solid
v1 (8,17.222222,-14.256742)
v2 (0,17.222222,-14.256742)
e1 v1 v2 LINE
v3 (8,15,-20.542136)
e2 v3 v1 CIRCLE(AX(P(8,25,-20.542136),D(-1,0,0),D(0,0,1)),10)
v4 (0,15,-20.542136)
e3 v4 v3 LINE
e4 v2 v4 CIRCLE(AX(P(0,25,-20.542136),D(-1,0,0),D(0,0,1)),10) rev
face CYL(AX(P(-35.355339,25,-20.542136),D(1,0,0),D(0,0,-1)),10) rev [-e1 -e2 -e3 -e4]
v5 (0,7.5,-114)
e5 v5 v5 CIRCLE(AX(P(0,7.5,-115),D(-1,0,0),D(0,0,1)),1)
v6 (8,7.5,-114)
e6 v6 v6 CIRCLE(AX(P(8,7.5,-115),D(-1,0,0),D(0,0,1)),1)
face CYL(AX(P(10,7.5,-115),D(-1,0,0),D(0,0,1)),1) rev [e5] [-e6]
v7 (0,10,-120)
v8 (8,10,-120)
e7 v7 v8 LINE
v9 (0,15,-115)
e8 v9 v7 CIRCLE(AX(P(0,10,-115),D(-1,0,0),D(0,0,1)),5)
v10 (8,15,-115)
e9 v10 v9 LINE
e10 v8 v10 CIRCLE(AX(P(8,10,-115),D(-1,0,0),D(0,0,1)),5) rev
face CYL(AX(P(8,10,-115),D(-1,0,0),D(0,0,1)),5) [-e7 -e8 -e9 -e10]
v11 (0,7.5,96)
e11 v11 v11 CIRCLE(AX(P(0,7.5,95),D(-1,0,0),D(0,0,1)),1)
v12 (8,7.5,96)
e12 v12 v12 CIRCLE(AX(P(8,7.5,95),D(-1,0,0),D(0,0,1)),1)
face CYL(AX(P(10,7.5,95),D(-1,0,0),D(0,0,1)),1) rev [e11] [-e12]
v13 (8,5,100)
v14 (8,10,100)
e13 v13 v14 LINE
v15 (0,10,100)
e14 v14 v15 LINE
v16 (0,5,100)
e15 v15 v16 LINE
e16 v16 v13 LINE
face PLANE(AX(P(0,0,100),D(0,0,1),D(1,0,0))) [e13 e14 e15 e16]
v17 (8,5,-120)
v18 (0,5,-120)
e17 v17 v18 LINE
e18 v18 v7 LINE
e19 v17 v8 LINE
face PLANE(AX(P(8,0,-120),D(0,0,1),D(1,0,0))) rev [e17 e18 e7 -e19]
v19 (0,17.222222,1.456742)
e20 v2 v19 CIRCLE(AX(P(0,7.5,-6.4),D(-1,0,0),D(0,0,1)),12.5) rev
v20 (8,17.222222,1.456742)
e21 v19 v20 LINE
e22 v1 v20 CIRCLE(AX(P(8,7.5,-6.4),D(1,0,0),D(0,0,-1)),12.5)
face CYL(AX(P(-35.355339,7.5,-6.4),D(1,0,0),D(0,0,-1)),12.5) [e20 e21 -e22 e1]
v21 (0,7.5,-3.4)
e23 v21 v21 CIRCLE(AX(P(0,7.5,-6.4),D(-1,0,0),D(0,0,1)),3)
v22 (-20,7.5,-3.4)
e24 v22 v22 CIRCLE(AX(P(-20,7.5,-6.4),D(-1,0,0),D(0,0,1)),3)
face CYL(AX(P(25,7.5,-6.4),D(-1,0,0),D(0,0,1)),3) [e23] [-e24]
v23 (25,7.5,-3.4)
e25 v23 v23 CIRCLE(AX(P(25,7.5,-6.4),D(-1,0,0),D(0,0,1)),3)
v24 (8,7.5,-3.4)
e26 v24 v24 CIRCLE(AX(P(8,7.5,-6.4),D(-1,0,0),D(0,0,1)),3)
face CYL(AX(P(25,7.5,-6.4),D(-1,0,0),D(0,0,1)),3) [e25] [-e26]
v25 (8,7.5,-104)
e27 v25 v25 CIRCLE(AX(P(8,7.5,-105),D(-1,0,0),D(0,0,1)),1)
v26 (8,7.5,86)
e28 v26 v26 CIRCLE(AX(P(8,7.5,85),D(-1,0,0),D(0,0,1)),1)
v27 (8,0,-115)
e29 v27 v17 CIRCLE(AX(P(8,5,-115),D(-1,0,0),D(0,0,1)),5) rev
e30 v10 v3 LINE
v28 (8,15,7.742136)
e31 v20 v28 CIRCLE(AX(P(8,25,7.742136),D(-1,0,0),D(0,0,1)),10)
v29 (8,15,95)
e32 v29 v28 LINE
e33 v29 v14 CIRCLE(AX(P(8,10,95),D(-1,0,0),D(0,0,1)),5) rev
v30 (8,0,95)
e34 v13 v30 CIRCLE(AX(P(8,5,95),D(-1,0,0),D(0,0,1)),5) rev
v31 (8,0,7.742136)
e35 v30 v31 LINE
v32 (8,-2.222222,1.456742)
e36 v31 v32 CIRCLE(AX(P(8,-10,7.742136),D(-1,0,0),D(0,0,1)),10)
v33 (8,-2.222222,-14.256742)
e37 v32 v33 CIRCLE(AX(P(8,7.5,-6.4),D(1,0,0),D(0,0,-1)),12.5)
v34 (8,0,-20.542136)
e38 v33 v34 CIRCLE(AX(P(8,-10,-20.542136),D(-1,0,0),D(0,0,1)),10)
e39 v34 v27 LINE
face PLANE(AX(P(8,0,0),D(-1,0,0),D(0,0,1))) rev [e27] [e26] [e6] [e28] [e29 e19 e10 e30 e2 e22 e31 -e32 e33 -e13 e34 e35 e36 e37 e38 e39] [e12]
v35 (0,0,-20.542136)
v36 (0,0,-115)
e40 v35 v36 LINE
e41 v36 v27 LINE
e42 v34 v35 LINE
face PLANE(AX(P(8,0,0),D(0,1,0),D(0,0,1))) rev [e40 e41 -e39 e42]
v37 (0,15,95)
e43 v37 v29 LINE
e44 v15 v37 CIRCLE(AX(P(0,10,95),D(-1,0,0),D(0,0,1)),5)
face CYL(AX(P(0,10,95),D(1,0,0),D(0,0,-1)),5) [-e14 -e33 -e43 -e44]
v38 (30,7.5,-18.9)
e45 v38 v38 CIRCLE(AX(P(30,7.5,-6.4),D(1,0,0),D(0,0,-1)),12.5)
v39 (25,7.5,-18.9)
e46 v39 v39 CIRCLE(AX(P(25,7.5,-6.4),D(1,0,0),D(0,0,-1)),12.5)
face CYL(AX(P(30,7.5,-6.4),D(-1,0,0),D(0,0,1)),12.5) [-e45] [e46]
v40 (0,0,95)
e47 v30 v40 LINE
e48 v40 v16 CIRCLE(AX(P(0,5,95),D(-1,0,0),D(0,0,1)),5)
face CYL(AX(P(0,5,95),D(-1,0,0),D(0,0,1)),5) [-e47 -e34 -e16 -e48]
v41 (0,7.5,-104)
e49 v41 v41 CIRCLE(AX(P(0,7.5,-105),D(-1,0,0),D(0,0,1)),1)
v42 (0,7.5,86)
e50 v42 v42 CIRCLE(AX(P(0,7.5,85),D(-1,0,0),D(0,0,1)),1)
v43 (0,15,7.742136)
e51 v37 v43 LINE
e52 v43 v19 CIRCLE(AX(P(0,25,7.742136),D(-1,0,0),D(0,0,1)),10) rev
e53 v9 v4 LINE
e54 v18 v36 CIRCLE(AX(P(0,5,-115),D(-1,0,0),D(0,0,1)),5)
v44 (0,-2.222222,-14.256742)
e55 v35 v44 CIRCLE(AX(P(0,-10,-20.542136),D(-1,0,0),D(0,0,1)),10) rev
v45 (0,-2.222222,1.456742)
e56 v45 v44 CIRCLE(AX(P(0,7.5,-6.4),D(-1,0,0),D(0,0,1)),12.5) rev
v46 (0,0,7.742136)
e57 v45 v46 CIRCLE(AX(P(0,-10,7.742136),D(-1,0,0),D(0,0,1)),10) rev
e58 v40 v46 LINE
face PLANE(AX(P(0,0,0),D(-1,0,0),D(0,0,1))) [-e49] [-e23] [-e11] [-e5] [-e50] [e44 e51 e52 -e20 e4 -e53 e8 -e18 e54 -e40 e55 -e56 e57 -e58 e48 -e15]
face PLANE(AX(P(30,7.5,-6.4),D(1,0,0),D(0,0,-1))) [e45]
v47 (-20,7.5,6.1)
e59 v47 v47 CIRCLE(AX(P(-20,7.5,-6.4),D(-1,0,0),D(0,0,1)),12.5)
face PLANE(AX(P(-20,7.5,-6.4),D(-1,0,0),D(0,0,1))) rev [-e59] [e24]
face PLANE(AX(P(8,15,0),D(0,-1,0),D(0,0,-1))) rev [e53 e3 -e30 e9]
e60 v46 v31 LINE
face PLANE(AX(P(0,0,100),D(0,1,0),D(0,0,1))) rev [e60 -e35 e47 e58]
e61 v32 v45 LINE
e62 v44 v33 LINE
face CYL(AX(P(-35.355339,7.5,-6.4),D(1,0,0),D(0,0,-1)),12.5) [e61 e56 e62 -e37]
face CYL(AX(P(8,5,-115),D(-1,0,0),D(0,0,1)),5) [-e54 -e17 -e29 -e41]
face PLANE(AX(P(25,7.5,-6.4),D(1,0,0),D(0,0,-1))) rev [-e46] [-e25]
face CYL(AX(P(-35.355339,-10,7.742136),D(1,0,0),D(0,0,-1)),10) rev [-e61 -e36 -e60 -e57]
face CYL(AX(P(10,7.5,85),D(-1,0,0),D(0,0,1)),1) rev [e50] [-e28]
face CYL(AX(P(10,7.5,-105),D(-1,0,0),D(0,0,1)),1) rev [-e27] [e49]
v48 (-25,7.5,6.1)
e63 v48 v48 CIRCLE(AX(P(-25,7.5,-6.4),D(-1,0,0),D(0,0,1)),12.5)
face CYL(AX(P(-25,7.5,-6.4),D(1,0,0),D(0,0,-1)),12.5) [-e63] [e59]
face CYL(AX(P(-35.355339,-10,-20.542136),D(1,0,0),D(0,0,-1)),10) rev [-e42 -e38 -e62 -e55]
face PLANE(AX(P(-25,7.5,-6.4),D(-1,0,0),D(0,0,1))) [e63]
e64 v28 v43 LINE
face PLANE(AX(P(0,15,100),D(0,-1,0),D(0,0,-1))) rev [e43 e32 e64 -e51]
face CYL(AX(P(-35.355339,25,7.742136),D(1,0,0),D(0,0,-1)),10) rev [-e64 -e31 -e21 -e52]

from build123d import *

# Parameters (mm, degrees)
SKETCH_1_W           = 120
SKETCH_1_H           = 15
EXTRUDE_1_DEPTH      = 8
FILLET_1_R           = 5
SKETCH_6_R           = 12.5
EXTRUDE_2_DEPTH      = 8
SKETCH_9_W           = 8
SKETCH_9_H           = 15
EXTRUDE_3_DEPTH      = 100
FILLET_2_R           = 10
FILLET_4_R           = 5
SKETCH_11_R          = 1
CUT_EXTRUDE_8_DEPTH  = 10
EXTRUDE_5_DEPTH      = 20
EXTRUDE_5_DEPTH_BACK = 25
SKETCH_15_R          = 3
SKETCH_16_R          = 12.5
EXTRUDE_6_DEPTH      = 5
EXTRUDE_START        = 5
SKETCH_17_R          = 12.5
EXTRUDE_7_DEPTH      = 5


with BuildPart() as part:
    # 草图1 → 凸台-拉伸1 (new body)
    with BuildSketch(Plane(origin=(0, 0, 0), x_dir=(0, 0, -1), z_dir=(1, 0, 0))):
        with Locations((60, 7.5)):
            Rectangle(SKETCH_1_W, SKETCH_1_H)
    extrude(amount=EXTRUDE_1_DEPTH)

    # 圆角1
    fillet_1_edges = [part.edges().sort_by_distance(p)[0] for p in [
        (4, 15, 0),
        (4, 15, -120),
        (4, 0, -120),
        (4, 0, 0),
    ]]
    fillet(fillet_1_edges, radius=FILLET_1_R)

    # 草图6 → 凸台-拉伸2 (add)
    with BuildSketch(Plane(origin=(8, 0, 0), x_dir=(0, 0, -1), z_dir=(1, 0, 0))):
        with Locations((6.4, 7.5)):
            Circle(SKETCH_6_R)
    extrude(amount=-EXTRUDE_2_DEPTH)

    # 草图9 → 凸台-拉伸3 (add)
    with BuildSketch(Plane.XY):
        with Locations((4, 7.5)):
            Rectangle(SKETCH_9_W, SKETCH_9_H)
    extrude(amount=EXTRUDE_3_DEPTH)

    # 圆角2
    fillet_2_edges = [part.edges().sort_by_distance(p)[0] for p in [
        (4, 0, -16.4),
        (4, 15, -16.4),
        (4, 15, 3.6),
        (4, 0, 3.6),
    ]]
    fillet(fillet_2_edges, radius=FILLET_2_R)

    # 圆角4
    fillet_4_edges = [part.edges().sort_by_distance(p)[0] for p in [
        (4, 0, 100),
        (4, 15, 100),
    ]]
    fillet(fillet_4_edges, radius=FILLET_4_R)

    # 草图11 → 切除-拉伸8 (cut)
    with BuildSketch(Plane.ZY):
        with Locations((-115, 7.5)):
            Circle(SKETCH_11_R)
        with Locations((-105, 7.5)):
            Circle(SKETCH_11_R)
        with Locations((85, 7.5)):
            Circle(SKETCH_11_R)
        with Locations((95, 7.5)):
            Circle(SKETCH_11_R)
    extrude(amount=-CUT_EXTRUDE_8_DEPTH, mode=Mode.SUBTRACT)

    # 草图15 → 凸台-拉伸5 (add, two sides: drawn at the far end of the back side and taken through both)
    with BuildSketch(Plane.ZY.offset(-EXTRUDE_5_DEPTH_BACK)):
        with Locations((-6.4, 7.5)):
            Circle(SKETCH_15_R)
    extrude(amount=EXTRUDE_5_DEPTH + EXTRUDE_5_DEPTH_BACK)

    # 草图16 → 凸台-拉伸6 (add)
    with BuildSketch(Plane.ZY.offset(20)):
        with Locations((-6.4, 7.5)):
            Circle(SKETCH_16_R)
    extrude(amount=EXTRUDE_6_DEPTH)

    # 草图17 → 凸台-拉伸7 (add)
    with BuildSketch(Plane(origin=(25, 0, 0), x_dir=(0, 0, -1), z_dir=(1, 0, 0)).offset(EXTRUDE_START)):
        with Locations(Location((6.4, 7.5, 0), (0, 0, 180))):
            Circle(SKETCH_17_R)
    extrude(amount=-EXTRUDE_7_DEPTH)


solid = part.part
